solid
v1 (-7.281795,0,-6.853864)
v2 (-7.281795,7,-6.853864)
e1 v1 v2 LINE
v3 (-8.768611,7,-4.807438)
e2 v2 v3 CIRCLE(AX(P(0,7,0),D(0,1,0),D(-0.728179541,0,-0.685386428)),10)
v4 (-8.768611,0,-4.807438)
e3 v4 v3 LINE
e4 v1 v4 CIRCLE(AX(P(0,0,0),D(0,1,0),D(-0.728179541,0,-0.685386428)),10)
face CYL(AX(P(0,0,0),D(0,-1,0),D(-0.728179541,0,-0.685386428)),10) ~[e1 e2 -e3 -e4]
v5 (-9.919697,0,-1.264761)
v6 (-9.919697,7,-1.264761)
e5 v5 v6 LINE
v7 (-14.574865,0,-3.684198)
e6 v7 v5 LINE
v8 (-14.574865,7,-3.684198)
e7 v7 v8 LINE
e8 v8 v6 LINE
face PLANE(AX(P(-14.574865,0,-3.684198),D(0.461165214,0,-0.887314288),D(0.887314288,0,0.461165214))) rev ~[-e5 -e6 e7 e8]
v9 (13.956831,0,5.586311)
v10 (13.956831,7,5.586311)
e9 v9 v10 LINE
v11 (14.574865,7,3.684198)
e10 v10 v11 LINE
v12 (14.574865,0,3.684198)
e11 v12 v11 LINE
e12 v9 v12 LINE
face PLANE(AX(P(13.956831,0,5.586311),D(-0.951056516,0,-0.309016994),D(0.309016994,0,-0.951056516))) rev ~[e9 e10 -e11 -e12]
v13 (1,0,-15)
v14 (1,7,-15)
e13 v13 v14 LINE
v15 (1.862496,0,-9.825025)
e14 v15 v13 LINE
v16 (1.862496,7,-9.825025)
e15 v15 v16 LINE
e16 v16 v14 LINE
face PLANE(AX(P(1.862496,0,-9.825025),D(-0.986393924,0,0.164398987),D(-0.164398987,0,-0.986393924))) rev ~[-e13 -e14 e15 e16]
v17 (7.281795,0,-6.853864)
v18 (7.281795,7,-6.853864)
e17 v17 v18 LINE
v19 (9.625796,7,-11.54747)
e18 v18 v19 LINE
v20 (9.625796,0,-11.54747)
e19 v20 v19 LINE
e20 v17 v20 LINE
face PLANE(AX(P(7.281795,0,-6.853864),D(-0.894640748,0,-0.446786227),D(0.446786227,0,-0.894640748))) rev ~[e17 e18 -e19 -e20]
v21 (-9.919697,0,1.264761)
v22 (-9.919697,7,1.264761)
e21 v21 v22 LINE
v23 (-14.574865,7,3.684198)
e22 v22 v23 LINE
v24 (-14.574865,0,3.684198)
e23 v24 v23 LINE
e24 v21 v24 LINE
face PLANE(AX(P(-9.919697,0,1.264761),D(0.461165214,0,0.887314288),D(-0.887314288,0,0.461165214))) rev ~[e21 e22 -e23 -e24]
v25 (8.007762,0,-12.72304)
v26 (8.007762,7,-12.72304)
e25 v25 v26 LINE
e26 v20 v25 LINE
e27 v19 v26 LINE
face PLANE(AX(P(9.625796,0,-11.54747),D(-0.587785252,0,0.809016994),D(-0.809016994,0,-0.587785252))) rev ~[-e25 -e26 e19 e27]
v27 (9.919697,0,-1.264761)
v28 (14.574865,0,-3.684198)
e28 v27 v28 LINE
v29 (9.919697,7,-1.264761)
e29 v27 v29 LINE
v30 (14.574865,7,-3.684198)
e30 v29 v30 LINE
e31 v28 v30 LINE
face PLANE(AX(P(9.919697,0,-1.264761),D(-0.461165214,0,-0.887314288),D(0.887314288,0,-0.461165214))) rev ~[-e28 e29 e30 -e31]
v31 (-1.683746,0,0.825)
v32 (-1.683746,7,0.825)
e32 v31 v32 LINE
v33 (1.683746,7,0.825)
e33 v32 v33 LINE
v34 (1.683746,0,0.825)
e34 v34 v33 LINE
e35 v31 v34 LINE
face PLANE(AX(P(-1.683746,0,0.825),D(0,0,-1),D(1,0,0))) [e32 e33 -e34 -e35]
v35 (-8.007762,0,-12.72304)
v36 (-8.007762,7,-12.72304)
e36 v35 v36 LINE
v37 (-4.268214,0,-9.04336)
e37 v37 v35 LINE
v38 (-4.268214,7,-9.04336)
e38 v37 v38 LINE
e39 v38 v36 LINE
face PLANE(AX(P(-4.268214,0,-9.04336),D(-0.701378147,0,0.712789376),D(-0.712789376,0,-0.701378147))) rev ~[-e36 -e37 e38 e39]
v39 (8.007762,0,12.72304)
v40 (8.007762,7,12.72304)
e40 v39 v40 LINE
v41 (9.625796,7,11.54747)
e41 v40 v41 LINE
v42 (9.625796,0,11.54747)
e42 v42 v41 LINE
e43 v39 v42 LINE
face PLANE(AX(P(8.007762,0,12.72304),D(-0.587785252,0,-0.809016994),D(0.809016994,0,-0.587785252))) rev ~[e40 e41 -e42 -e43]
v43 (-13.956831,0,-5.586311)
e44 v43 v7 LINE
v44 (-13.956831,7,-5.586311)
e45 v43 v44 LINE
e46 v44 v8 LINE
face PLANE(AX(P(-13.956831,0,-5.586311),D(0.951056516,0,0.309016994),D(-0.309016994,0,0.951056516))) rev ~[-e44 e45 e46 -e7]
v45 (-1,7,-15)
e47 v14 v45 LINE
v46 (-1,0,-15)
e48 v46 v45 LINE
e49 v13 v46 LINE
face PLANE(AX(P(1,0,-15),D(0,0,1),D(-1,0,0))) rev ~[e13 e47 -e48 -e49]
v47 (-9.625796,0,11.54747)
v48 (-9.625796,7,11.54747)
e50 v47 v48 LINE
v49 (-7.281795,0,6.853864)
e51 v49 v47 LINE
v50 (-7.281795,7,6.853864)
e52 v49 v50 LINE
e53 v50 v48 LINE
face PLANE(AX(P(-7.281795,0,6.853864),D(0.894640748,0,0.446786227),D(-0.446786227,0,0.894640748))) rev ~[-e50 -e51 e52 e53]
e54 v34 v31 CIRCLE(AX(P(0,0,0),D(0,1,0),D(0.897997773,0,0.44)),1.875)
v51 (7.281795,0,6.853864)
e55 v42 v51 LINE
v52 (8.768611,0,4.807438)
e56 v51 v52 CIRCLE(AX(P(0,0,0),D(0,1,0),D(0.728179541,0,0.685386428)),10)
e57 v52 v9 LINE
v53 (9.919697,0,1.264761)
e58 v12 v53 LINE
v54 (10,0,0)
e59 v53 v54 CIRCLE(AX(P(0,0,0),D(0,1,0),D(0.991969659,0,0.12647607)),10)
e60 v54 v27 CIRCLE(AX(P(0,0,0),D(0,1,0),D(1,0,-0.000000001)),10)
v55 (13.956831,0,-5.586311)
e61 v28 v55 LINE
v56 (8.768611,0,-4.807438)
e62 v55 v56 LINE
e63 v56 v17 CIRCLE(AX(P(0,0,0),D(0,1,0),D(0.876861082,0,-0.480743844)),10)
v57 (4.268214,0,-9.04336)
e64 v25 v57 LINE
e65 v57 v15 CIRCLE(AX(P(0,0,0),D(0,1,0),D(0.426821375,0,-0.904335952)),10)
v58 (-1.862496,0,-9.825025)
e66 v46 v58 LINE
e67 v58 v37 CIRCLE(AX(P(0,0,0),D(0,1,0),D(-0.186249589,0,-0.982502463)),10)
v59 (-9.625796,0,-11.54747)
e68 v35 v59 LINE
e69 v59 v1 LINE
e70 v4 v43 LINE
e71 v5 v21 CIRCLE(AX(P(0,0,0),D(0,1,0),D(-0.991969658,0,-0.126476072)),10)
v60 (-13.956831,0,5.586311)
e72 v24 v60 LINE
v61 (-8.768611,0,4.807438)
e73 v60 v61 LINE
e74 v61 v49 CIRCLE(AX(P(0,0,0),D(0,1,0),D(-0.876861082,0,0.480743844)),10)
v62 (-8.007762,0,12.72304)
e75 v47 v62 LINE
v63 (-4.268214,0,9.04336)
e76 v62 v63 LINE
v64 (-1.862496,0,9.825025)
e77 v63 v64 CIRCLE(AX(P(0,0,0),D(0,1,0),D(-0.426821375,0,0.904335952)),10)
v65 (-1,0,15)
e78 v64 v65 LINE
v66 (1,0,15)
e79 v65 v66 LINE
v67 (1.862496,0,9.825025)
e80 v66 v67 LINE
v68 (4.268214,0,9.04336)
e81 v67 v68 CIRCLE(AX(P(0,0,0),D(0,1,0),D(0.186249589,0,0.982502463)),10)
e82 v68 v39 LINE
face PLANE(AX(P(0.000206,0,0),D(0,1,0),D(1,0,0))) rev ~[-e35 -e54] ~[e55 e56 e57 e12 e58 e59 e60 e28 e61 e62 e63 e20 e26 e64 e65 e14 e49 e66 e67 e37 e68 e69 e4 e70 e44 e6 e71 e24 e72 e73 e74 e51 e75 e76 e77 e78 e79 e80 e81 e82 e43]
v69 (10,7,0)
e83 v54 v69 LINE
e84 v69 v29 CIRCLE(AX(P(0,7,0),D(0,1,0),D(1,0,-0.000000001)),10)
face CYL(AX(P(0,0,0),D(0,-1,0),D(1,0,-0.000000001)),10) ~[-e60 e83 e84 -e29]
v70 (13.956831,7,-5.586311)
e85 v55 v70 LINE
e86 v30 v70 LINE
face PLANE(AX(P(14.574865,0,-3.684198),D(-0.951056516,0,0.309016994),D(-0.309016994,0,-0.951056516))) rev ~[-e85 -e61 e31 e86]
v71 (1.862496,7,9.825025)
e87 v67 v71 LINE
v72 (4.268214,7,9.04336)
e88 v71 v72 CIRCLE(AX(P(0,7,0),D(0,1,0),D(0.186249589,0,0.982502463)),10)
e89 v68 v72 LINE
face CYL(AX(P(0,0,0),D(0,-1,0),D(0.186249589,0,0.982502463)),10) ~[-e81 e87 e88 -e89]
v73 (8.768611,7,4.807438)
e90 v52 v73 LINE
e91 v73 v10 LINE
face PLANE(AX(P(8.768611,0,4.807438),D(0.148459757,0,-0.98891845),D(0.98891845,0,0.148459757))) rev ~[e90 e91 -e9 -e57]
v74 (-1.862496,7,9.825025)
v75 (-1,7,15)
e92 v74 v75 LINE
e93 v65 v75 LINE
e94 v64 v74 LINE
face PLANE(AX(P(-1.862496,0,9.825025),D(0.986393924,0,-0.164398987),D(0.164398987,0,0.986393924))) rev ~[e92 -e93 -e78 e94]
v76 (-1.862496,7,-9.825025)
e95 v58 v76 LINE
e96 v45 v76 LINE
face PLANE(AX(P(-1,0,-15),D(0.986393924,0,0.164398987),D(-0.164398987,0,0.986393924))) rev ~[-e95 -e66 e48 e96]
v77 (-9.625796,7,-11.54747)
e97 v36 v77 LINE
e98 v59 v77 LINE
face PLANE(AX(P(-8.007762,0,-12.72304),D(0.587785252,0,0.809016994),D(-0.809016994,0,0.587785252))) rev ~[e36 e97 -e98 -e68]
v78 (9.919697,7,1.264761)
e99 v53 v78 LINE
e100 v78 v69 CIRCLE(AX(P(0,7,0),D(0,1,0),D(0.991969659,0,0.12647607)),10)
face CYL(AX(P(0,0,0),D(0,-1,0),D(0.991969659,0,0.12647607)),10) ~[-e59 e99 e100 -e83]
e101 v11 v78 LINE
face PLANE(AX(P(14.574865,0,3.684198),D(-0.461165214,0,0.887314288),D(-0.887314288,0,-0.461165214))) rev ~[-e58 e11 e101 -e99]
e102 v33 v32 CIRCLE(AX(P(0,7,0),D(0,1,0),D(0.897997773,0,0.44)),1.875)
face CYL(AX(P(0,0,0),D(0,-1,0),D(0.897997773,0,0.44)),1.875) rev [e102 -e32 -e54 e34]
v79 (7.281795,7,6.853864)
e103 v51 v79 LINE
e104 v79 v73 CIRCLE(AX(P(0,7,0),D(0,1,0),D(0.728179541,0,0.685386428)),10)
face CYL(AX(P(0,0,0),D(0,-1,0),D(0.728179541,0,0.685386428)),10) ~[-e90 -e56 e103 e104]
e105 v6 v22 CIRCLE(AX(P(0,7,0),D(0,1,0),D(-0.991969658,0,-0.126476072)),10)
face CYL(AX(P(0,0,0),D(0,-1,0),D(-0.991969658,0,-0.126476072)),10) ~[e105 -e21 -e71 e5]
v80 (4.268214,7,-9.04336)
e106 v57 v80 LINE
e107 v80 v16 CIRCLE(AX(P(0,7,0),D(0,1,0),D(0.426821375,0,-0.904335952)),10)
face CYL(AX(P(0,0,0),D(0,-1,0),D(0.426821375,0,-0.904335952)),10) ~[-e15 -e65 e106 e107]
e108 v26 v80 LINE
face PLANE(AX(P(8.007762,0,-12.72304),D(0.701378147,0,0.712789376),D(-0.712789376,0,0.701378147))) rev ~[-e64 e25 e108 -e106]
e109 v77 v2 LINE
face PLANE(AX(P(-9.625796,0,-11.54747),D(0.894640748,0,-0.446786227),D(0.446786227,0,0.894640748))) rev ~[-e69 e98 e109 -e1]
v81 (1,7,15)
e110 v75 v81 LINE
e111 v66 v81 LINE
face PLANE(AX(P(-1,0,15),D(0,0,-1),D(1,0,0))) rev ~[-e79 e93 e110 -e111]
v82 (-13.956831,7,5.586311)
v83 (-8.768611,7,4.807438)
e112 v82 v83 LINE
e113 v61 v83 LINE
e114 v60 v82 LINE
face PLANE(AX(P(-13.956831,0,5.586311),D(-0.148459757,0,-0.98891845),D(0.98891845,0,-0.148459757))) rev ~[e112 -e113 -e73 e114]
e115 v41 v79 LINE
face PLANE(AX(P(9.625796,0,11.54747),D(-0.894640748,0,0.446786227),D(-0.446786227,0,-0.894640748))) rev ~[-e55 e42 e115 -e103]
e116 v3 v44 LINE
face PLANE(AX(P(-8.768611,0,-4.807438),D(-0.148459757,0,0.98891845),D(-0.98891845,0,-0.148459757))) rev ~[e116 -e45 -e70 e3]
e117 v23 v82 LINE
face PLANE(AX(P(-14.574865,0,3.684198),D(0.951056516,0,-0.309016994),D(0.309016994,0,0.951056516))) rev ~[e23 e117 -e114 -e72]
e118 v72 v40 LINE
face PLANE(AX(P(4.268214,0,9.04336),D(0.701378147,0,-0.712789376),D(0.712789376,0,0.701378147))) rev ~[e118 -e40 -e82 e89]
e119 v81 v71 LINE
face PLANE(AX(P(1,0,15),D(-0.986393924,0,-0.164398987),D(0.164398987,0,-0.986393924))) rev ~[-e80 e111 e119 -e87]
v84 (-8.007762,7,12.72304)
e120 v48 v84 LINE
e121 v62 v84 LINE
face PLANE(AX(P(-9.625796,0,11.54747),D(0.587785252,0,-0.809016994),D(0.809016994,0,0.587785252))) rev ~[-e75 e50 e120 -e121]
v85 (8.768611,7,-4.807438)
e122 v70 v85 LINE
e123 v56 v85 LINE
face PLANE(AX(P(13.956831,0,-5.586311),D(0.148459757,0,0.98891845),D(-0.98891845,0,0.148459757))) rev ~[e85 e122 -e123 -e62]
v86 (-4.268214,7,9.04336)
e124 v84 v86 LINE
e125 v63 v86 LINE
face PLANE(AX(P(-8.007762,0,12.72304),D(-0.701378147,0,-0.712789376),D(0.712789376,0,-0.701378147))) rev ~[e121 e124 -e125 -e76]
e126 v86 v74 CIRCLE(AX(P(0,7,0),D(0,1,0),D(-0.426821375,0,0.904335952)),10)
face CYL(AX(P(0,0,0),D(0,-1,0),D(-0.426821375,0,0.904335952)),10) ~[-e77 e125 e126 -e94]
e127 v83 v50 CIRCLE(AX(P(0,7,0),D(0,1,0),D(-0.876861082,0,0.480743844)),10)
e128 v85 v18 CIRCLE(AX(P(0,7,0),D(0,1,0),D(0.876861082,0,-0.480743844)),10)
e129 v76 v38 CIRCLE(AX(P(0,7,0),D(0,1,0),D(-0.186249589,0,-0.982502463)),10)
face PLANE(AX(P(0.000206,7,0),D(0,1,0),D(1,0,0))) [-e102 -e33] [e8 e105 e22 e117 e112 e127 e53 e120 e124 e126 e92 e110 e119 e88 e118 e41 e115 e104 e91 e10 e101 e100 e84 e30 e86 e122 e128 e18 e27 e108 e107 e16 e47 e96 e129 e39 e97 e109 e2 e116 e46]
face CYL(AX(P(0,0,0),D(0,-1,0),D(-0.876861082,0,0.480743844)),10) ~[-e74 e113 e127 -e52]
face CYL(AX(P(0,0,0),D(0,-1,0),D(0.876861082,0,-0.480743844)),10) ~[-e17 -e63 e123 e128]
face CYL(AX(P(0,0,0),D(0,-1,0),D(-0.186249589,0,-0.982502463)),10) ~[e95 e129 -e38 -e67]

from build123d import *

# Parameters (mm, degrees)
BOSS_EXTRUDE2_DEPTH = 7
CUT_EXTRUDE1_DEPTH  = 7


with BuildPart() as part:
    # Sketch1 → Boss-Extrude2 (new body)
    with BuildSketch(Plane(origin=(0, 0, 0), x_dir=(1, 0, 0), z_dir=(0, 1, 0))):
        with BuildLine():
            Line((-2, 9), (-1.862495894, 9.825024633))
            ThreePointArc((-1.862495894, 9.825024633), (-3.090169944, 9.510565163), (-4.268213752, 9.043359518))
            Line((-4.268213752, 9.043359518), (-3.672033282, 8.456723454))
            Line((-3.672033282, 8.456723454), (-6.908101259, 6.105582445))
            Line((-6.908101259, 6.105582445), (-7.281795413, 6.853864279))
            ThreePointArc((-7.281795413, 6.853864279), (-8.090169944, 5.877852523), (-8.768610817, 4.807438439))
            Line((-8.768610817, 4.807438439), (-7.941474658, 4.683265982))
            Line((-7.941474658, 4.683265982), (-9.177542635, 0.879039917))
            Line((-9.177542635, 0.879039917), (-9.919696584, 1.264760725))
            ThreePointArc((-9.919696584, 1.264760725), (-10, 0), (-9.919696584, -1.264760725))
            Line((-9.919696584, -1.264760725), (-9.177542635, -0.879039917))
            Line((-9.177542635, -0.879039917), (-7.941474658, -4.683265982))
            Line((-7.941474658, -4.683265982), (-8.768610817, -4.807438439))
            ThreePointArc((-8.768610817, -4.807438439), (-8.090169944, -5.877852523), (-7.281795413, -6.853864279))
            Line((-7.281795413, -6.853864279), (-6.908101259, -6.105582445))
            Line((-6.908101259, -6.105582445), (-3.672033282, -8.456723454))
            Line((-3.672033282, -8.456723454), (-4.268213752, -9.043359518))
            ThreePointArc((-4.268213752, -9.043359518), (-3.090169944, -9.510565163), (-1.862495894, -9.825024633))
            Line((-1.862495894, -9.825024633), (-2, -9))
            Line((-2, -9), (2, -9))
            Line((2, -9), (1.862495894, -9.825024633))
            ThreePointArc((1.862495894, -9.825024633), (3.090169944, -9.510565163), (4.268213752, -9.043359518))
            Line((4.268213752, -9.043359518), (3.672033282, -8.456723454))
            Line((3.672033282, -8.456723454), (6.908101259, -6.105582445))
            Line((6.908101259, -6.105582445), (7.281795413, -6.853864279))
            ThreePointArc((7.281795413, -6.853864279), (8.090169944, -5.877852523), (8.768610817, -4.807438439))
            Line((8.768610817, -4.807438439), (7.941474658, -4.683265982))
            Line((7.941474658, -4.683265982), (9.177542635, -0.879039917))
            Line((9.177542635, -0.879039917), (9.919696584, -1.264760725))
            ThreePointArc((9.919696584, -1.264760725), (9.979903953, -0.633653756), (10, 0))
            ThreePointArc((10, 0), (9.979903953, 0.633653756), (9.919696584, 1.264760725))
            Line((9.919696584, 1.264760725), (9.177542635, 0.879039917))
            Line((9.177542635, 0.879039917), (7.941474658, 4.683265982))
            Line((7.941474658, 4.683265982), (8.768610817, 4.807438439))
            ThreePointArc((8.768610817, 4.807438439), (8.090169944, 5.877852523), (7.281795413, 6.853864279))
            Line((7.281795413, 6.853864279), (6.908101259, 6.105582445))
            Line((6.908101259, 6.105582445), (3.672033282, 8.456723454))
            Line((3.672033282, 8.456723454), (4.268213752, 9.043359518))
            ThreePointArc((4.268213752, 9.043359518), (3.090169944, 9.510565163), (1.862495894, 9.825024633))
            Line((1.862495894, 9.825024633), (2, 9))
            Line((2, 9), (-2, 9))
        make_face()
        with BuildLine():
            ThreePointArc((-8.768610817, -4.807438439), (-9.510565163, -3.090169944), (-9.919696584, -1.264760725))
            Line((-9.919696584, -1.264760725), (-14.574864739, -3.684198399))
            Line((-14.574864739, -3.684198399), (-13.95683075, -5.586311432))
            Line((-13.95683075, -5.586311432), (-8.768610817, -4.807438439))
        make_face()
        with BuildLine():
            ThreePointArc((-4.268213752, -9.043359518), (-5.877852523, -8.090169944), (-7.281795413, -6.853864279))
            Line((-7.281795413, -6.853864279), (-9.625795779, -11.547469663))
            Line((-9.625795779, -11.547469663), (-8.00776179, -12.723040168))
            Line((-8.00776179, -12.723040168), (-4.268213752, -9.043359518))
        make_face()
        with BuildLine():
            ThreePointArc((1.862495894, -9.825024633), (0, -10), (-1.862495894, -9.825024633))
            Line((-1.862495894, -9.825024633), (-1, -15))
            Line((-1, -15), (1, -15))
            Line((1, -15), (1.862495894, -9.825024633))
        make_face()
        with BuildLine():
            Line((9.625795779, -11.547469663), (7.281795413, -6.853864279))
            ThreePointArc((7.281795413, -6.853864279), (5.877852523, -8.090169944), (4.268213752, -9.043359518))
            Line((4.268213752, -9.043359518), (8.00776179, -12.723040168))
            Line((8.00776179, -12.723040168), (9.625795779, -11.547469663))
        make_face()
        with BuildLine():
            Line((14.574864739, -3.684198399), (9.919696584, -1.264760725))
            ThreePointArc((9.919696584, -1.264760725), (9.510565163, -3.090169944), (8.768610817, -4.807438439))
            Line((8.768610817, -4.807438439), (13.95683075, -5.586311432))
            Line((13.95683075, -5.586311432), (14.574864739, -3.684198399))
        make_face()
        with BuildLine():
            Line((13.95683075, 5.586311432), (8.768610817, 4.807438439))
            ThreePointArc((8.768610817, 4.807438439), (9.510565163, 3.090169944), (9.919696584, 1.264760725))
            Line((9.919696584, 1.264760725), (14.574864739, 3.684198399))
            Line((14.574864739, 3.684198399), (13.95683075, 5.586311432))
        make_face()
        with BuildLine():
            Line((8.00776179, 12.723040168), (4.268213752, 9.043359518))
            ThreePointArc((4.268213752, 9.043359518), (5.877852523, 8.090169944), (7.281795413, 6.853864279))
            Line((7.281795413, 6.853864279), (9.625795779, 11.547469663))
            Line((9.625795779, 11.547469663), (8.00776179, 12.723040168))
        make_face()
        with BuildLine():
            Line((1, 15), (-1, 15))
            Line((-1, 15), (-1.862495894, 9.825024633))
            ThreePointArc((-1.862495894, 9.825024633), (0, 10), (1.862495894, 9.825024633))
            Line((1.862495894, 9.825024633), (1, 15))
        make_face()
        with BuildLine():
            ThreePointArc((-7.281795413, 6.853864279), (-5.877852523, 8.090169944), (-4.268213752, 9.043359518))
            Line((-4.268213752, 9.043359518), (-8.00776179, 12.723040168))
            Line((-8.00776179, 12.723040168), (-9.625795779, 11.547469663))
            Line((-9.625795779, 11.547469663), (-7.281795413, 6.853864279))
        make_face()
        with BuildLine():
            ThreePointArc((-9.919696584, 1.264760725), (-9.510565163, 3.090169944), (-8.768610817, 4.807438439))
            Line((-8.768610817, 4.807438439), (-13.95683075, 5.586311432))
            Line((-13.95683075, 5.586311432), (-14.574864739, 3.684198399))
            Line((-14.574864739, 3.684198399), (-9.919696584, 1.264760725))
        make_face()
        with BuildLine():
            Line((-7.941474658, 4.683265982), (-8.768610817, 4.807438439))
            ThreePointArc((-8.768610817, 4.807438439), (-9.510565163, 3.090169944), (-9.919696584, 1.264760725))
            Line((-9.919696584, 1.264760725), (-9.177542635, 0.879039917))
            Line((-9.177542635, 0.879039917), (-7.941474658, 4.683265982))
        make_face()
        with BuildLine():
            Line((-2, -9), (-1.862495894, -9.825024633))
            ThreePointArc((-1.862495894, -9.825024633), (0, -10), (1.862495894, -9.825024633))
            Line((1.862495894, -9.825024633), (2, -9))
            Line((2, -9), (-2, -9))
        make_face()
        with BuildLine():
            ThreePointArc((4.268213752, -9.043359518), (5.877852523, -8.090169944), (7.281795413, -6.853864279))
            Line((7.281795413, -6.853864279), (6.908101259, -6.105582445))
            Line((6.908101259, -6.105582445), (3.672033282, -8.456723454))
            Line((3.672033282, -8.456723454), (4.268213752, -9.043359518))
        make_face()
        with BuildLine():
            Line((-6.908101259, -6.105582445), (-7.281795413, -6.853864279))
            ThreePointArc((-7.281795413, -6.853864279), (-5.877852523, -8.090169944), (-4.268213752, -9.043359518))
            Line((-4.268213752, -9.043359518), (-3.672033282, -8.456723454))
            Line((-3.672033282, -8.456723454), (-6.908101259, -6.105582445))
        make_face()
        with BuildLine():
            Line((-9.177542635, -0.879039917), (-9.919696584, -1.264760725))
            ThreePointArc((-9.919696584, -1.264760725), (-9.510565163, -3.090169944), (-8.768610817, -4.807438439))
            Line((-8.768610817, -4.807438439), (-7.941474658, -4.683265982))
            Line((-7.941474658, -4.683265982), (-9.177542635, -0.879039917))
        make_face()
        with BuildLine():
            Line((-3.672033282, 8.456723454), (-4.268213752, 9.043359518))
            ThreePointArc((-4.268213752, 9.043359518), (-5.877852523, 8.090169944), (-7.281795413, 6.853864279))
            Line((-7.281795413, 6.853864279), (-6.908101259, 6.105582445))
            Line((-6.908101259, 6.105582445), (-3.672033282, 8.456723454))
        make_face()
        with BuildLine():
            ThreePointArc((1.862495894, 9.825024633), (0, 10), (-1.862495894, 9.825024633))
            Line((-1.862495894, 9.825024633), (-2, 9))
            Line((-2, 9), (2, 9))
            Line((2, 9), (1.862495894, 9.825024633))
        make_face()
        with BuildLine():
            ThreePointArc((7.281795413, 6.853864279), (5.877852523, 8.090169944), (4.268213752, 9.043359518))
            Line((4.268213752, 9.043359518), (3.672033282, 8.456723454))
            Line((3.672033282, 8.456723454), (6.908101259, 6.105582445))
            Line((6.908101259, 6.105582445), (7.281795413, 6.853864279))
        make_face()
        with BuildLine():
            ThreePointArc((9.919696584, 1.264760725), (9.510565163, 3.090169944), (8.768610817, 4.807438439))
            Line((8.768610817, 4.807438439), (7.941474658, 4.683265982))
            Line((7.941474658, 4.683265982), (9.177542635, 0.879039917))
            Line((9.177542635, 0.879039917), (9.919696584, 1.264760725))
        make_face()
        with BuildLine():
            ThreePointArc((8.768610817, -4.807438439), (9.510565163, -3.090169944), (9.919696584, -1.264760725))
            Line((9.919696584, -1.264760725), (9.177542635, -0.879039917))
            Line((9.177542635, -0.879039917), (7.941474658, -4.683265982))
            Line((7.941474658, -4.683265982), (8.768610817, -4.807438439))
        make_face()
    extrude(amount=BOSS_EXTRUDE2_DEPTH)

    # Sketch3 → Cut-Extrude1 (cut)
    with BuildSketch(Plane.XZ):
        with BuildLine():
            Line((-1.683745824, 0.825), (1.683745824, 0.825))
            ThreePointArc((1.683745824, 0.825), (0, -1.875), (-1.683745824, 0.825))
        make_face()
    extrude(amount=-CUT_EXTRUDE1_DEPTH, mode=Mode.SUBTRACT)


solid = part.part
